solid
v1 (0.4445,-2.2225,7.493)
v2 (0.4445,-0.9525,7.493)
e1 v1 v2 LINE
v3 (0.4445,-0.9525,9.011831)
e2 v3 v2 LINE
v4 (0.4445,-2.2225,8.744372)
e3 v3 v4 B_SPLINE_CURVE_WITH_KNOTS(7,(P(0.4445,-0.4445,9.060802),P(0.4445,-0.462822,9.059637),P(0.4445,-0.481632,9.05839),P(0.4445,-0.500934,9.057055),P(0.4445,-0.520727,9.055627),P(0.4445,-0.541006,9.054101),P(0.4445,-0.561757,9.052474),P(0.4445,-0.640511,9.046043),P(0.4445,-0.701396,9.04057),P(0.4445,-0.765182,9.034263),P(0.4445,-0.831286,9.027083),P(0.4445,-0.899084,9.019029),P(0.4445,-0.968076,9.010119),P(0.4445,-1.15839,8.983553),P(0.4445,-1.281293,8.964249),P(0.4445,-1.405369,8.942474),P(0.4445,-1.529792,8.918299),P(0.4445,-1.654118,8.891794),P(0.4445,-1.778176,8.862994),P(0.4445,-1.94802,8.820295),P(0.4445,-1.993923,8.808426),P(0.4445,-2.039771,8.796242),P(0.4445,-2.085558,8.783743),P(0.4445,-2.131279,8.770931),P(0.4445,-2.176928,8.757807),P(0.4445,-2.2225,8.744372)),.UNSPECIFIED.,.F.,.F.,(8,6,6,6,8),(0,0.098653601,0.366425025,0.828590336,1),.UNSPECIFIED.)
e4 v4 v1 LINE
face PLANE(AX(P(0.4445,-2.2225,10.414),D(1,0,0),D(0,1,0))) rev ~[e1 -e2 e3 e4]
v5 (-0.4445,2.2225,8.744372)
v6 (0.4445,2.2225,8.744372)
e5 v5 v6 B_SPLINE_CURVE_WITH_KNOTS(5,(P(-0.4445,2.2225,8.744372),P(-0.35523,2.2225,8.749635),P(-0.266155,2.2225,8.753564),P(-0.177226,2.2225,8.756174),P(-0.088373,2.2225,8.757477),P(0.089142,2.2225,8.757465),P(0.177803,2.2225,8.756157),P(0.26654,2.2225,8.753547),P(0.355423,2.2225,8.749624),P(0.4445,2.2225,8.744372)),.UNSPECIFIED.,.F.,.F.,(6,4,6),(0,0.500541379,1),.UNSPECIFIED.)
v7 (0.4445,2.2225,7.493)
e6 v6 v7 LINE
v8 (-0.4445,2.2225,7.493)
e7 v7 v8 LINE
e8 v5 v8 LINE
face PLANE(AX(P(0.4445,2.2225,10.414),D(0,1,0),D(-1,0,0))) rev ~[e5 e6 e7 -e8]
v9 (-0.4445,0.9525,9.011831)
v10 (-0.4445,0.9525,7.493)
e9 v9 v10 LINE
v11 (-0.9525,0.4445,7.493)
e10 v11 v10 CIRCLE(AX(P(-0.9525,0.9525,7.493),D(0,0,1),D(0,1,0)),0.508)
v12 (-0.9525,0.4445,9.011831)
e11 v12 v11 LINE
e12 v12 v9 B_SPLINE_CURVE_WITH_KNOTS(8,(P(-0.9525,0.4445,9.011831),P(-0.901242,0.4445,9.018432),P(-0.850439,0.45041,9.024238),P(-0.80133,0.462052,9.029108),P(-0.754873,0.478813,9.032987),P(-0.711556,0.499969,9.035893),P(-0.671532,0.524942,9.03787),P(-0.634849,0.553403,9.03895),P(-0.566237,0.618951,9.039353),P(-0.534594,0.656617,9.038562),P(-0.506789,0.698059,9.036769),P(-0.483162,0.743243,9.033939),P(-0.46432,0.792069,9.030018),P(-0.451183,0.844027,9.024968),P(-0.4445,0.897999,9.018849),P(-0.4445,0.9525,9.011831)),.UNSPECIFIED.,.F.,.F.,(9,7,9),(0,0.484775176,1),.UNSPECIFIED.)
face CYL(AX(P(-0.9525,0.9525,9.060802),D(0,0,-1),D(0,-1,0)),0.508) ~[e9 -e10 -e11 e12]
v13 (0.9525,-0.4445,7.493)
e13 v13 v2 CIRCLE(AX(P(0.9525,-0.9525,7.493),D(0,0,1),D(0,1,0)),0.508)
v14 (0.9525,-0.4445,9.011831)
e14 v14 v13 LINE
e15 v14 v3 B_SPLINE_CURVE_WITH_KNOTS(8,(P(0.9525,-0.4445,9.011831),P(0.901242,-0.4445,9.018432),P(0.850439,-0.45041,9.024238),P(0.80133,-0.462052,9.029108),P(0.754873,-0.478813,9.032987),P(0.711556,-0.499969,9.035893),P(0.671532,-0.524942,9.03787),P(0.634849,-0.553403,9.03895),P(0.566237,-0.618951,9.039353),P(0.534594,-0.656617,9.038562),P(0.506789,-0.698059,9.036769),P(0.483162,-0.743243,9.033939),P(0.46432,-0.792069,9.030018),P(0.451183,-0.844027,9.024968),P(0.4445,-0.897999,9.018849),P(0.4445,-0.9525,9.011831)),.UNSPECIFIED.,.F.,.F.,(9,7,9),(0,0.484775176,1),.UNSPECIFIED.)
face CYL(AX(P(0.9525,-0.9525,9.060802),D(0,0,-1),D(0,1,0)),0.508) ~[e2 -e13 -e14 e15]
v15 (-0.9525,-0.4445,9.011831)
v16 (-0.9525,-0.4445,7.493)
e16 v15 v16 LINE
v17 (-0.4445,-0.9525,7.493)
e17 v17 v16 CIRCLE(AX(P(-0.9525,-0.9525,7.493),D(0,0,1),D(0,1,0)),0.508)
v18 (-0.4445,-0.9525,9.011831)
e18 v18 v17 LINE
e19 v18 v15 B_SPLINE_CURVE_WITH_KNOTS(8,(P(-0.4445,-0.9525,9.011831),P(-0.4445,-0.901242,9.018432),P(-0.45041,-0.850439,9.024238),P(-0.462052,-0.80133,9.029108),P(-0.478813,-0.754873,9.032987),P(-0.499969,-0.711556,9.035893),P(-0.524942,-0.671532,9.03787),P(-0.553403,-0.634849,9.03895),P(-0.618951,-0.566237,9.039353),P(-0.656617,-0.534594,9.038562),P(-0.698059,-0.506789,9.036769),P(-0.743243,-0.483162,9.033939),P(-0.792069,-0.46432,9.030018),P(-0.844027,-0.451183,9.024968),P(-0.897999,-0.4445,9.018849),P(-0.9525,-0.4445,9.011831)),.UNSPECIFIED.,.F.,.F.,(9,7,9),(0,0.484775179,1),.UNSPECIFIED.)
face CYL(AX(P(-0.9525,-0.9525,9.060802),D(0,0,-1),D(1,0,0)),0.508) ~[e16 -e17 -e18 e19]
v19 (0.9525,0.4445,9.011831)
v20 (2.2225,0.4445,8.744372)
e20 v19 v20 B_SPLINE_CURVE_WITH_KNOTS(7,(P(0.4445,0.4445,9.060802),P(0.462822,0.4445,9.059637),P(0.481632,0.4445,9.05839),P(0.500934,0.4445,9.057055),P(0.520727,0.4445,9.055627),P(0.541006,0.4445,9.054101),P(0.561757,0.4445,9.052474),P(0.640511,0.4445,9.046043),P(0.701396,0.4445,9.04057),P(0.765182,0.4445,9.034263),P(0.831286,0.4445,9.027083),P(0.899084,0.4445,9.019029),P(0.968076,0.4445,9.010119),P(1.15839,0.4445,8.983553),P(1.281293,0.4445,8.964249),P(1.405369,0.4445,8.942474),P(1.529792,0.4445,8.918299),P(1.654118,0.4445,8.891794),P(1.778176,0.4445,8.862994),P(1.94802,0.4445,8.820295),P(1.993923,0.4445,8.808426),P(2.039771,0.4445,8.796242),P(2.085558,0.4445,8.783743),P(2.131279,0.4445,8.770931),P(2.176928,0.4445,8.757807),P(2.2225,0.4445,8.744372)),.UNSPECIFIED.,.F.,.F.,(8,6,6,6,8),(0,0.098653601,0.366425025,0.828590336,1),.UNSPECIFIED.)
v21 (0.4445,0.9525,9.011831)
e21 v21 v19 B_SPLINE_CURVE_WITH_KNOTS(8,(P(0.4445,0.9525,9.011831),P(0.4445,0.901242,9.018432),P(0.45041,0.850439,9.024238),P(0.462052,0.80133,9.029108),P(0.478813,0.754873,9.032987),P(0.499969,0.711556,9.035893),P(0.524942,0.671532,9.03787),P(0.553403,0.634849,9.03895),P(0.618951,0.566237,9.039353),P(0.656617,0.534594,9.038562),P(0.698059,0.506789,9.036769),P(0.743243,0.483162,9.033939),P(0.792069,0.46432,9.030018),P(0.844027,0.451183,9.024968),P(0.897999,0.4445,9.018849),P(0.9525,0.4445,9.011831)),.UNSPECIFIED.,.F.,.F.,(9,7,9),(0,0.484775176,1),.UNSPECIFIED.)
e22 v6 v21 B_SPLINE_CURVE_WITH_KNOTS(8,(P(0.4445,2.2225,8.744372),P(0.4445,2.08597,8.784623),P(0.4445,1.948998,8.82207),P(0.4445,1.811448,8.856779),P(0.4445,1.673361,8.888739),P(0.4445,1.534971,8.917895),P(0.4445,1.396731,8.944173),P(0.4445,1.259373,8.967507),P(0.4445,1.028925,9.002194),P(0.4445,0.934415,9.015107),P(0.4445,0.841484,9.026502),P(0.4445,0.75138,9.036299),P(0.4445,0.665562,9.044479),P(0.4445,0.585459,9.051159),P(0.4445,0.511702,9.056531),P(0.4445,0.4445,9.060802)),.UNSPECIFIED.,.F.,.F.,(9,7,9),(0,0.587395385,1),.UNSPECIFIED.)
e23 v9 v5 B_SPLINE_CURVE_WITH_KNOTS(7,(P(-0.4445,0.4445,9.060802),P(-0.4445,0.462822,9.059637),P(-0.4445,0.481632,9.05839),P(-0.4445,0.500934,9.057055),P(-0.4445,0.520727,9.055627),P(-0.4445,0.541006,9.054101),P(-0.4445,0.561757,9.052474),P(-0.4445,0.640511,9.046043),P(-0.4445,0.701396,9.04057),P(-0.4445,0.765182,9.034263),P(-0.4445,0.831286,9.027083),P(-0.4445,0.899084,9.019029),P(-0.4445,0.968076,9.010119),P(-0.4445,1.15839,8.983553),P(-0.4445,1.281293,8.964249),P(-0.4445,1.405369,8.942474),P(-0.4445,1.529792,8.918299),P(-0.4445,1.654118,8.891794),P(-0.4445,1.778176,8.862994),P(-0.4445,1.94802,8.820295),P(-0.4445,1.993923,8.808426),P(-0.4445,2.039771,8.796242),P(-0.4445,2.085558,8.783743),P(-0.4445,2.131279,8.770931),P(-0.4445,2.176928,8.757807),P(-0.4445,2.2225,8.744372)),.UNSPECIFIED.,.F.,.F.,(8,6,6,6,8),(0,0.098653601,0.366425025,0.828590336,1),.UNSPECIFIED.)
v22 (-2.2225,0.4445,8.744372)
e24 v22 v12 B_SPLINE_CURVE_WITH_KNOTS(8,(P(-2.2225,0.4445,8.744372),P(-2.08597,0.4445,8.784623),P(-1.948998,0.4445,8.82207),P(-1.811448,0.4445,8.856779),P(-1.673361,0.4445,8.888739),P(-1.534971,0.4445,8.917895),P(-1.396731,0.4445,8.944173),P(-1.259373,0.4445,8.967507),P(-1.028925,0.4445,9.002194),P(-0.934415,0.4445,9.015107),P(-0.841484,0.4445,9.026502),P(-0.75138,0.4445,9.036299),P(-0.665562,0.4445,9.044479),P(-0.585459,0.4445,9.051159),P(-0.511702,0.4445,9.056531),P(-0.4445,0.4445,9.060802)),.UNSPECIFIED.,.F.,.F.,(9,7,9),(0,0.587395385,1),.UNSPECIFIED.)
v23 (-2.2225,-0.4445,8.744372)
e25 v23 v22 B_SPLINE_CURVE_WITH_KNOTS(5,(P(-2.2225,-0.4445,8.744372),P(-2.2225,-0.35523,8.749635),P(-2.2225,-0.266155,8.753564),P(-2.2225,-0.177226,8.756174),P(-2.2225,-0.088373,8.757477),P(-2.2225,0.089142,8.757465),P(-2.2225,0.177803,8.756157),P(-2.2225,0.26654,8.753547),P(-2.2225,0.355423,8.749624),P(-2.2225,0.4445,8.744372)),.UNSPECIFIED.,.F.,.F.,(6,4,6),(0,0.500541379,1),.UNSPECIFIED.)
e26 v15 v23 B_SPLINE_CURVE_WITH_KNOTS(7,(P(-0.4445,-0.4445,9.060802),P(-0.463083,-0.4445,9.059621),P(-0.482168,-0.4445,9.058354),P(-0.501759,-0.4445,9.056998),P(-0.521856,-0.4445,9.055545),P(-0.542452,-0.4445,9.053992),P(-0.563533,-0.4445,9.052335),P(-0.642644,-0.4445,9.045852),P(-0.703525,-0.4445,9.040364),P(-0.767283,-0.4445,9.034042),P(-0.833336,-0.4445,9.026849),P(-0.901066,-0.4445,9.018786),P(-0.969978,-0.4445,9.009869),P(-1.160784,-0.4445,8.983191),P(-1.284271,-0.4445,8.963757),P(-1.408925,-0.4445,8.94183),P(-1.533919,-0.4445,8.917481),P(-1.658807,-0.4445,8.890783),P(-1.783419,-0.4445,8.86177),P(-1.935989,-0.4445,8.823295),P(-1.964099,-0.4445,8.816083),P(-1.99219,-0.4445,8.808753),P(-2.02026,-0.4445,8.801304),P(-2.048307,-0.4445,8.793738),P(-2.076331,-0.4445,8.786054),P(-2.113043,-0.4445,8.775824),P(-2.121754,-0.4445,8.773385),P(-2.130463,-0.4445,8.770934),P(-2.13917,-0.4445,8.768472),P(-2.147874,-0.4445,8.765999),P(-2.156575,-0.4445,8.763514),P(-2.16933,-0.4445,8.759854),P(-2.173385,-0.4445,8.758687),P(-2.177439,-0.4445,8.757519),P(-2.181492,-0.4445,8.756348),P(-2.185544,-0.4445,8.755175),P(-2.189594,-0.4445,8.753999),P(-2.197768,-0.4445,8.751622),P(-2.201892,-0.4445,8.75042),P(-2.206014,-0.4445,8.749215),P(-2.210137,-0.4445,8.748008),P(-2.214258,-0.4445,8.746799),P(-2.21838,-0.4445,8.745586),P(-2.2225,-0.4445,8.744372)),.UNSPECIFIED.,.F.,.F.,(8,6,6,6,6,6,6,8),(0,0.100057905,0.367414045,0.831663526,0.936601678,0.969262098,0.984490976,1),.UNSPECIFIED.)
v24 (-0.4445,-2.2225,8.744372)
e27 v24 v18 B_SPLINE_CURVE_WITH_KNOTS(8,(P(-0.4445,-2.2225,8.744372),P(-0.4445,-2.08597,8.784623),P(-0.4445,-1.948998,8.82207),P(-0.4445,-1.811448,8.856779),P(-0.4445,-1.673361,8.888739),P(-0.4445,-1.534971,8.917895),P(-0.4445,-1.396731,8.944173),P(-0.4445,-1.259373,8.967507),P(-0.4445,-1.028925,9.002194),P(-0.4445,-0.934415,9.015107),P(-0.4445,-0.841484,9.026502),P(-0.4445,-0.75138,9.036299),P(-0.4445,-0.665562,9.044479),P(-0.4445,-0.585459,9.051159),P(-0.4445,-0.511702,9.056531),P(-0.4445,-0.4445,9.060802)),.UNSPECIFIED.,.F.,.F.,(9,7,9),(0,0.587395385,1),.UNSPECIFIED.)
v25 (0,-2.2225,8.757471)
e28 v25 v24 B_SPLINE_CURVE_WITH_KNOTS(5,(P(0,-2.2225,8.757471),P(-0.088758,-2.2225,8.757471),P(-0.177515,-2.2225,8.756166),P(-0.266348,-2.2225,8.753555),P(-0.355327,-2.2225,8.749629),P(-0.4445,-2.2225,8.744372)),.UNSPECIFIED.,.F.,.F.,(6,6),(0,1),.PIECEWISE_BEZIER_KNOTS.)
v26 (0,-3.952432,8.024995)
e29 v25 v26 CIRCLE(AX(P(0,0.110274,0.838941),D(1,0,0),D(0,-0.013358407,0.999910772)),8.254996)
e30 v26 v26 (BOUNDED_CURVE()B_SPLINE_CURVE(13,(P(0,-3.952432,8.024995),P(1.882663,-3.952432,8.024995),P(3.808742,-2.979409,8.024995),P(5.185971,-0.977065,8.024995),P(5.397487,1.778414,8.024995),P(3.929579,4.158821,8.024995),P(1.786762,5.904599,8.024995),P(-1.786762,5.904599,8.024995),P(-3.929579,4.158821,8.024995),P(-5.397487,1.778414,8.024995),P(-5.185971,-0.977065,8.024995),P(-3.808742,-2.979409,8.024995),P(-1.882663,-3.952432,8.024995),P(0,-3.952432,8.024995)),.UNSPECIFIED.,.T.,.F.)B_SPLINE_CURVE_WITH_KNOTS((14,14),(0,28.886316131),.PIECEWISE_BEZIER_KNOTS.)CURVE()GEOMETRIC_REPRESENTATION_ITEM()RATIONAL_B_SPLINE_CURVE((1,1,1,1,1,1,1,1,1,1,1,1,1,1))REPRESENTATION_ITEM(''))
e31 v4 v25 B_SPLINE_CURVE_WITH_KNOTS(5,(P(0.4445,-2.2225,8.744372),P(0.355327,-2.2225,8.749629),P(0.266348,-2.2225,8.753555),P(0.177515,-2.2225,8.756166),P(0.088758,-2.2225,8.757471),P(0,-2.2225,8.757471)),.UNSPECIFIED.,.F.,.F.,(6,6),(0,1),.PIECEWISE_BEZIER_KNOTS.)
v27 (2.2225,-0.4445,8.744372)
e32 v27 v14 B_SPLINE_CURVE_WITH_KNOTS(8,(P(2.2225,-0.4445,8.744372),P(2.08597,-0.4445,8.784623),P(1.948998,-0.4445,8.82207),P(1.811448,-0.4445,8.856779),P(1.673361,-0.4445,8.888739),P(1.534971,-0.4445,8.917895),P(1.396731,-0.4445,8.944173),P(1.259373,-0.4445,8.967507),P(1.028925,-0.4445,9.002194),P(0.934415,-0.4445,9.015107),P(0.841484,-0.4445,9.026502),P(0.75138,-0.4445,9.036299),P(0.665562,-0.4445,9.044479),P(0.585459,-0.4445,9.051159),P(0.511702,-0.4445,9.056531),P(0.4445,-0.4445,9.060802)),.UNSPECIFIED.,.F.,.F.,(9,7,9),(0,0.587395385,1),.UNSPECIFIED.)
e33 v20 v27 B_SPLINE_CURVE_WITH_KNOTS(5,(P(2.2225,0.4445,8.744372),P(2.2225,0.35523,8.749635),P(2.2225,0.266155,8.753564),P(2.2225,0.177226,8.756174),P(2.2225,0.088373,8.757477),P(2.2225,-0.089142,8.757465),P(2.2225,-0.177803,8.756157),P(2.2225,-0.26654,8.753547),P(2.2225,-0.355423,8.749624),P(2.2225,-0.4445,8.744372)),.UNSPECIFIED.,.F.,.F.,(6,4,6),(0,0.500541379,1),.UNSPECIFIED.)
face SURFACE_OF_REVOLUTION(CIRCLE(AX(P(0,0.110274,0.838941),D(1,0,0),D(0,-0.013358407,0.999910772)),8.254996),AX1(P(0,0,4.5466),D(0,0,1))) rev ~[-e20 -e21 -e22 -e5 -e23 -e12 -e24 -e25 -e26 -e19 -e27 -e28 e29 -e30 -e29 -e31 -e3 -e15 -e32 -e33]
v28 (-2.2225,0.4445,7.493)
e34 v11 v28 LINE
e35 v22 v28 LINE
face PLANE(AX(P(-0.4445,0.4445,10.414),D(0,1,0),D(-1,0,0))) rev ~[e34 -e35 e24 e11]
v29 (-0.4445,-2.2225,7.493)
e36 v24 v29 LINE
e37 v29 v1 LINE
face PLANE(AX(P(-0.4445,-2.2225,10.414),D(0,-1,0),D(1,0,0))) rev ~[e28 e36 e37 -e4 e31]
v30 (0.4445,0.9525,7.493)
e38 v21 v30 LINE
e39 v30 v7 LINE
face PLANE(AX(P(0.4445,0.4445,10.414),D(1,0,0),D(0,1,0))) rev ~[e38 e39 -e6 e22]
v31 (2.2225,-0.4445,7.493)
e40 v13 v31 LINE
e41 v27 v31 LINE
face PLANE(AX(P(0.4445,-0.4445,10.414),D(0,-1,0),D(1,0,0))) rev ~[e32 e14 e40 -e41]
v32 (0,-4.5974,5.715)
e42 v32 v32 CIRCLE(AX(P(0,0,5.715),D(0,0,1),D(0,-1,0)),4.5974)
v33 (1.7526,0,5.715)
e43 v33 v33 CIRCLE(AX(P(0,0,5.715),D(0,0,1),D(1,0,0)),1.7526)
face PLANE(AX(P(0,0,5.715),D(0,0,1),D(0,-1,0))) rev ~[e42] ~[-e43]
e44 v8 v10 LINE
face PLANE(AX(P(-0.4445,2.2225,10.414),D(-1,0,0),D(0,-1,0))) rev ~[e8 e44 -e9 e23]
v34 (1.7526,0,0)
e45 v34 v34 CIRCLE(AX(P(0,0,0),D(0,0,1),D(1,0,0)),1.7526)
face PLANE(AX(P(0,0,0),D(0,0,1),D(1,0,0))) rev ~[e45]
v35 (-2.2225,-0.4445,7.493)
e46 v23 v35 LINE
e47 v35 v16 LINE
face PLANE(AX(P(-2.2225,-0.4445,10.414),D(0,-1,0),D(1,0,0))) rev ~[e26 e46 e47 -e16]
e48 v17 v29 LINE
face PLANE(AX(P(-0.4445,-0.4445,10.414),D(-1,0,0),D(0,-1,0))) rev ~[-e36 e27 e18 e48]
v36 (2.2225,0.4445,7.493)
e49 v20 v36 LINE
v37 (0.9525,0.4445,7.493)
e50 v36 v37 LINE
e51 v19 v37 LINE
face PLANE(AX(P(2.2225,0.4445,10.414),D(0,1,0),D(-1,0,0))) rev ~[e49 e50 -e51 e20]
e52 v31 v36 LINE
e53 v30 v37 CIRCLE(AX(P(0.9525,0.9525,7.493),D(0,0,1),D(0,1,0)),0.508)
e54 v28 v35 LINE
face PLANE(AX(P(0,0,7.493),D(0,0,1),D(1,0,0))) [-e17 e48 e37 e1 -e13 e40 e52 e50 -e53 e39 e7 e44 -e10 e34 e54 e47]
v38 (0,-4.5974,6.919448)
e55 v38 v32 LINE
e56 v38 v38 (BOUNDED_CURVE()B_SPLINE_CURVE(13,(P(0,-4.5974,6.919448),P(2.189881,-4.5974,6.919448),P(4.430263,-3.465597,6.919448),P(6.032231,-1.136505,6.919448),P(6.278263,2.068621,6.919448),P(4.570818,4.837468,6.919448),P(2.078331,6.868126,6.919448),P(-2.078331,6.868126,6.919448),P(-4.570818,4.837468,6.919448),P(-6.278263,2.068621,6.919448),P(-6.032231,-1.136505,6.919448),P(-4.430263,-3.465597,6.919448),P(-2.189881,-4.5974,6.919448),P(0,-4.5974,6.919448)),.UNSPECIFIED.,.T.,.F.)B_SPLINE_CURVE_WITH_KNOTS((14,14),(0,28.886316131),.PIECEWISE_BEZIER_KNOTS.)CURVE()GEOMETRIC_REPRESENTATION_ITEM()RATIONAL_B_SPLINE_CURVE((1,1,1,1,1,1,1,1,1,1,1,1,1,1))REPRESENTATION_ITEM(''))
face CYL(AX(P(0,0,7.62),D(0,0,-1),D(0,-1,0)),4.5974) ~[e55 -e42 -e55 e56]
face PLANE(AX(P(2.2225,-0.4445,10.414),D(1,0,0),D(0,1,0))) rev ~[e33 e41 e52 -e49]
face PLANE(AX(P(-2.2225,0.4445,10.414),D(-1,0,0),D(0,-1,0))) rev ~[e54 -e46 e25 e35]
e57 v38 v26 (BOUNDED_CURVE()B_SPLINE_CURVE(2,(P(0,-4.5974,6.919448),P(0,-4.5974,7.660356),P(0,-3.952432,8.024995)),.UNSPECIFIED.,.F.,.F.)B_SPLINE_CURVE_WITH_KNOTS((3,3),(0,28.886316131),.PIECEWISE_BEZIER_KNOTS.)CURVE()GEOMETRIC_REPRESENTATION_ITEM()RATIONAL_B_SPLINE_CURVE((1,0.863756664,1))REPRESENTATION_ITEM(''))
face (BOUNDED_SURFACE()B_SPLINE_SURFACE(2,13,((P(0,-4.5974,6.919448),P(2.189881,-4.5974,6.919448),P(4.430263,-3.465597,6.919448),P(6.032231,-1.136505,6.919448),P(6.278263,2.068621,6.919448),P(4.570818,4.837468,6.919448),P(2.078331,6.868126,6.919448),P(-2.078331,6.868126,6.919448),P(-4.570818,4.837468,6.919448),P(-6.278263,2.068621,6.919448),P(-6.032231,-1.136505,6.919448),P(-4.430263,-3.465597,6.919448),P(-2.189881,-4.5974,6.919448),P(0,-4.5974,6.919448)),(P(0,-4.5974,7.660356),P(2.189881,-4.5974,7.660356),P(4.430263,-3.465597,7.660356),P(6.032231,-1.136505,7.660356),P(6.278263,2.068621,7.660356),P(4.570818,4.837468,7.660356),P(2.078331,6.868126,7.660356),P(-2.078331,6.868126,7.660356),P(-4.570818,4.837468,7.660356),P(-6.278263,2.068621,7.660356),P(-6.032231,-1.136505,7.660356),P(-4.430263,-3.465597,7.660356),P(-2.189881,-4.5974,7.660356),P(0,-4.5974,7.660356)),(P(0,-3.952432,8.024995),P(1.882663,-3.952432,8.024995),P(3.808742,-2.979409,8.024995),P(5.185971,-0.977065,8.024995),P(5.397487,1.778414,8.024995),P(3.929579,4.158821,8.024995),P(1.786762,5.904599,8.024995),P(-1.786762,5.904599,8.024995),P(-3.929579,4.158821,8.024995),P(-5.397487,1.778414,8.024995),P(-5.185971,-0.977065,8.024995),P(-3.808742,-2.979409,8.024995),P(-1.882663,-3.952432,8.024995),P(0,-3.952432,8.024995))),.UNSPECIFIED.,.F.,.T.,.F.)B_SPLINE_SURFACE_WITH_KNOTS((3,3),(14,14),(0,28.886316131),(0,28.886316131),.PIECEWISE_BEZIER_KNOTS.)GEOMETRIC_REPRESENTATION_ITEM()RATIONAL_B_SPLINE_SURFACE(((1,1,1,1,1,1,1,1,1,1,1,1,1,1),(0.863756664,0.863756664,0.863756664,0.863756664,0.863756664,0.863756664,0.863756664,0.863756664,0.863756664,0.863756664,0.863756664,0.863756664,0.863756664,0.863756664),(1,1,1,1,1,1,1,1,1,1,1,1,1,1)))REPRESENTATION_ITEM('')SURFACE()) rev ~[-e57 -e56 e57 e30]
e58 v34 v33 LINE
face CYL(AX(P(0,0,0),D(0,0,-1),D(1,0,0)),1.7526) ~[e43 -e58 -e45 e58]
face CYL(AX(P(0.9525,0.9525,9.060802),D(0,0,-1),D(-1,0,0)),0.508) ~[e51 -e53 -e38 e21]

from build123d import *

# Parameters (mm, degrees)
F0_R     = 1.7526
F1_DEPTH = 5.715
F4_R     = 1.27
F7_DEPTH = 2.921
F8_R     = 0.508


with BuildPart() as f1:
    # F0 (on Top) → F1 (new body)
    with BuildSketch(Plane.XY):
        Circle(F0_R)
    extrude(amount=F1_DEPTH)

    # F2 (on Right) → F3 (revolve)
    with BuildSketch(Plane.YZ):
        with BuildLine():
            Line((-4.5974, 7.62), (-4.5974, 5.715))
            Line((-4.5974, 5.715), (0, 5.715))
            Line((0, 5.715), (0, 9.0932))
            ThreePointArc((0, 9.0932), (-2.4088, 8.700189), (-4.5974, 7.62))
        make_face()
    revolve(axis=Axis((0, 0, 4.5466), (0, 0, 1)))

    # F4
    f4_edges = [f1.edges().sort_by_distance(p)[0] for p in [
        (0, 4.5974, 7.62),
    ]]
    fillet(f4_edges, radius=F4_R)

    # F6 (on offset) → F7 (cut)
    with BuildSketch(Plane.XY.offset(10.414)):
        Polygon((-2.2225, 0.4445), (-2.2225, -0.4445), (-0.4445, -0.4445), (-0.4445, -2.2225), (0.4445, -2.2225), (0.4445, -0.4445), (2.2225, -0.4445), (2.2225, 0.4445), (0.4445, 0.4445), (0.4445, 2.2225), (-0.4445, 2.2225), (-0.4445, 0.4445), align=None)
    extrude(amount=-F7_DEPTH, mode=Mode.SUBTRACT)

    # F8
    f8_edges = [f1.edges().sort_by_distance(p)[0] for p in [
        (-0.4445, 0.4445, 8.276901),
        (0.4445, 0.4445, 8.276901),
        (-0.4445, -0.4445, 8.276901),
        (0.4445, -0.4445, 8.276901),
    ]]
    fillet(f8_edges, radius=F8_R)


solid = f1.part
